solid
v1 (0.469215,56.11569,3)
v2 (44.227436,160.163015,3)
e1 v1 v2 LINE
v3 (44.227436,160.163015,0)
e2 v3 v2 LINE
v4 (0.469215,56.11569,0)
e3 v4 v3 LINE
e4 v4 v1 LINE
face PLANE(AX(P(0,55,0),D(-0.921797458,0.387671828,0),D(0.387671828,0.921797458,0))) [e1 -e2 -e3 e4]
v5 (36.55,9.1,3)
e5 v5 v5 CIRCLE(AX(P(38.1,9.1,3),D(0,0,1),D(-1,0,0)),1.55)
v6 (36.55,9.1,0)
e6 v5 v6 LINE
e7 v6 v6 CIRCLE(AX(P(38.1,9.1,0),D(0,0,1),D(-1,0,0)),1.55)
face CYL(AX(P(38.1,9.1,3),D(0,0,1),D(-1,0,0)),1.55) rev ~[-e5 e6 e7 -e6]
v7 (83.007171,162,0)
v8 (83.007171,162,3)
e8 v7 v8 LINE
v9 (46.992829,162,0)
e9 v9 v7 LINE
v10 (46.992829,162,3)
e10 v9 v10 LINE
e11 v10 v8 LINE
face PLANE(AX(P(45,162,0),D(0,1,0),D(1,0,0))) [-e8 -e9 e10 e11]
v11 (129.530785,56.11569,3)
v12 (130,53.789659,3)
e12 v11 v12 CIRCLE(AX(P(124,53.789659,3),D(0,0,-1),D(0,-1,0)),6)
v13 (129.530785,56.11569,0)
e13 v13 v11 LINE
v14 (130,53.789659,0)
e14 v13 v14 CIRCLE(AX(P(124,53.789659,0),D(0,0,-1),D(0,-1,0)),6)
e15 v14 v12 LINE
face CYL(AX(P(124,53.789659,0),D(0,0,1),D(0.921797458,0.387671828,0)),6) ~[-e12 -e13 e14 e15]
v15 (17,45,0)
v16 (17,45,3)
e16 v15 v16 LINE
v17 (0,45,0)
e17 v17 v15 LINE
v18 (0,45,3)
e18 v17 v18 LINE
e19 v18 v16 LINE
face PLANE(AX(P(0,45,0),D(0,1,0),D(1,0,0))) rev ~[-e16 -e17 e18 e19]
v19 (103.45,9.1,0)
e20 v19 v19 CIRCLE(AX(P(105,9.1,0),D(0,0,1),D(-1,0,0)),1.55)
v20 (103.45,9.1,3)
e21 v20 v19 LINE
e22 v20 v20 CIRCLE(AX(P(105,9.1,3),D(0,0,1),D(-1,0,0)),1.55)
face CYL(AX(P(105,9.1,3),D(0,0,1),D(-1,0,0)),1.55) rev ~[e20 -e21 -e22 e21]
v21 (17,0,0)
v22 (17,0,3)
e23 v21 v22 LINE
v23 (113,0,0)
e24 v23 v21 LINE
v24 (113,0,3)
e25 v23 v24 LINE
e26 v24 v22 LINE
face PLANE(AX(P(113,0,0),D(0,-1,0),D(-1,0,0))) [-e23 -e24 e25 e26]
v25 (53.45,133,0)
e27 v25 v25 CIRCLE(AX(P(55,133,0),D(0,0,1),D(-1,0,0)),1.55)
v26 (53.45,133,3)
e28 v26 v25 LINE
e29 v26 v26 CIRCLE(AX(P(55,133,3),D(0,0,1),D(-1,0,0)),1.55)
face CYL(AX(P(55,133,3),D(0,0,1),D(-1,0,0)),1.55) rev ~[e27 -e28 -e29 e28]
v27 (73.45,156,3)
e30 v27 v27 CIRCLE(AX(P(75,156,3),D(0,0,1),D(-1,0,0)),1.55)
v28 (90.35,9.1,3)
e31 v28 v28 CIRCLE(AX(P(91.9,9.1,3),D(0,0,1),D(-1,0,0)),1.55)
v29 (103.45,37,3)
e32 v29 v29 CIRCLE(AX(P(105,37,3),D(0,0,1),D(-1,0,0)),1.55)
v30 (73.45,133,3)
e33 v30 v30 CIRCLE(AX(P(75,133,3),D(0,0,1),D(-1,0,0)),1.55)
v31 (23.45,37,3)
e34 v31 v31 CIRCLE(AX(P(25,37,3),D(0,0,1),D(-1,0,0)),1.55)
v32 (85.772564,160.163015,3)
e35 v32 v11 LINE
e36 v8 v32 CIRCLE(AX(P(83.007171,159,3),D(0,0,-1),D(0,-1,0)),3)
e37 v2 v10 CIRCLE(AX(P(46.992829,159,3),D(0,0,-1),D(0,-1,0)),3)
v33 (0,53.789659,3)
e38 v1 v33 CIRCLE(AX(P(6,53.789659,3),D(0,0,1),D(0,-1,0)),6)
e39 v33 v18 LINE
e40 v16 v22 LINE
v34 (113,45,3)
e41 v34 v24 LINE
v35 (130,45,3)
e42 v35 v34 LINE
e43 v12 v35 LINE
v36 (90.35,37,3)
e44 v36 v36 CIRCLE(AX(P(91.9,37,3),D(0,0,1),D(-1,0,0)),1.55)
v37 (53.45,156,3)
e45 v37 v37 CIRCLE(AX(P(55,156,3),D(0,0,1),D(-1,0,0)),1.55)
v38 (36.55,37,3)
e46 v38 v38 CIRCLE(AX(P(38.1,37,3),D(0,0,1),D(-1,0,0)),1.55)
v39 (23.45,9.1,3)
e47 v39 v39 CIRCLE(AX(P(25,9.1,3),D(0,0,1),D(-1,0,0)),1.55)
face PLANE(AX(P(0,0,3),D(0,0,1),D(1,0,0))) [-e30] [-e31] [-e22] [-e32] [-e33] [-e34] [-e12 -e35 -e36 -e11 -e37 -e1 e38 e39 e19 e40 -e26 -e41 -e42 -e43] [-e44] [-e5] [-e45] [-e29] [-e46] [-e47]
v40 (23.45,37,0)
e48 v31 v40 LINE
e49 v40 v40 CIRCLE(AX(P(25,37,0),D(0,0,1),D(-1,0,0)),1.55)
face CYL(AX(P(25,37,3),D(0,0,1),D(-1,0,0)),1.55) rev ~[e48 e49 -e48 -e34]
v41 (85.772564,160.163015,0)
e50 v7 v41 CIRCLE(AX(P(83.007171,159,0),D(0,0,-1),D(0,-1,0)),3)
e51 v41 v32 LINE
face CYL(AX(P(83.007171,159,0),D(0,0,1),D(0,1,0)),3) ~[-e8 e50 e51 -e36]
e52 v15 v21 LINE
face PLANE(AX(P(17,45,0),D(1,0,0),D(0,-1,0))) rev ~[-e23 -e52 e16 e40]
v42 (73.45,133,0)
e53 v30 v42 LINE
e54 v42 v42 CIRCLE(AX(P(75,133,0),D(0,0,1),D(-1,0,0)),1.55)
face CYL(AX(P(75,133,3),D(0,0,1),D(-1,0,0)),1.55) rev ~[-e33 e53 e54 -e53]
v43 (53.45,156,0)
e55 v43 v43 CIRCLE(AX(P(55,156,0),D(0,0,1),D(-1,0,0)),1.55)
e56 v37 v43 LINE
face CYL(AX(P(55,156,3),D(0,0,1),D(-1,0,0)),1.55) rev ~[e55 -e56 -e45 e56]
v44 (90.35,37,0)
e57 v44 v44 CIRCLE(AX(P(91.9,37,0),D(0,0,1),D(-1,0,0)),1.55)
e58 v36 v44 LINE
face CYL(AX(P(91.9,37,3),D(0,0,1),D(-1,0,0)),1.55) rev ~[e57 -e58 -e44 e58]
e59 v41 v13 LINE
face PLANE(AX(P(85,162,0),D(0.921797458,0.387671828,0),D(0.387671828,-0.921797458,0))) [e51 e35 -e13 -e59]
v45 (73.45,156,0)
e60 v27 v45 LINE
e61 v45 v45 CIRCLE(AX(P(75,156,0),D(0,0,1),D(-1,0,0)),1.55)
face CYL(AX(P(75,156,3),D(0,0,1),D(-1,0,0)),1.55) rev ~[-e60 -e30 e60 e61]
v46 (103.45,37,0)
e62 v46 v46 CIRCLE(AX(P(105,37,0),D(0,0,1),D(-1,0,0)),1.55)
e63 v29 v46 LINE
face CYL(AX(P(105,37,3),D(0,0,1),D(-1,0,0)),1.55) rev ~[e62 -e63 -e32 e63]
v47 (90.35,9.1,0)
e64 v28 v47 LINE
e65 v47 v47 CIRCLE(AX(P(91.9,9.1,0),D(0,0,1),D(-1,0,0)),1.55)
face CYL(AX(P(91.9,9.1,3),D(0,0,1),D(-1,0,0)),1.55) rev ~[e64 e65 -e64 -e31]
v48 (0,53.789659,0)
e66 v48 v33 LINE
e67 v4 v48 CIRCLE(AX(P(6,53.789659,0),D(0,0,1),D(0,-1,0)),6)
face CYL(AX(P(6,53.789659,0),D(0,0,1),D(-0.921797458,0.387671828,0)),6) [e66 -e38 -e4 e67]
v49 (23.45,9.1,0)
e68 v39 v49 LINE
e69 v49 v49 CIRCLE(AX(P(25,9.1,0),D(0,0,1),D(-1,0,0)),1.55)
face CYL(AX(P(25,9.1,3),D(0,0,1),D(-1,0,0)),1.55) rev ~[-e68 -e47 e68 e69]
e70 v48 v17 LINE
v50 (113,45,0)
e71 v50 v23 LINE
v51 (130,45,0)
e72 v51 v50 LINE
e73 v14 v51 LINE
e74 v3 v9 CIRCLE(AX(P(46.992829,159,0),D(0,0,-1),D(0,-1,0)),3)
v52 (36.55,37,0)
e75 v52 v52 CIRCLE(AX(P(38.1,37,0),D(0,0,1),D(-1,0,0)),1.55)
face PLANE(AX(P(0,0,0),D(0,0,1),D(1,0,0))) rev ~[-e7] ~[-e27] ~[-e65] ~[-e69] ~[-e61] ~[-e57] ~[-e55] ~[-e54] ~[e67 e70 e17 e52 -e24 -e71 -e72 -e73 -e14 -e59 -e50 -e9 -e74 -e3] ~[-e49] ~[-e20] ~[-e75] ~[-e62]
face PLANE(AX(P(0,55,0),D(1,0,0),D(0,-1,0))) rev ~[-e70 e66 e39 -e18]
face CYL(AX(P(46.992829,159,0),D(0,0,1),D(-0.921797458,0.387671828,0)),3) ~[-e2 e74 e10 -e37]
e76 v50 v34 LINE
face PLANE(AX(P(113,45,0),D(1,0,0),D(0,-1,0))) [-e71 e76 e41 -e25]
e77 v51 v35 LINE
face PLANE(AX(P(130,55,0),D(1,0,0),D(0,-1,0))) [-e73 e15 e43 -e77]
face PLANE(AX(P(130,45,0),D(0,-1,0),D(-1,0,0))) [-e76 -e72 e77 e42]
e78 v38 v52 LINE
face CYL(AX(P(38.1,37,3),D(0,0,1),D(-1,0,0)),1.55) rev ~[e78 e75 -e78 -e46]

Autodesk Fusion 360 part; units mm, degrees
sketch "Main" plane through (0, 0, 0) normal (0, 0, 1) x (1, 0, 0)
  line L0 (0, 55) -> (45, 162)
  line L1 (45, 162) -> (85, 162)
  line L2 (85, 162) -> (130, 55)
  line L3 (113, 0) -> (17, 0)
  line L4 (65, 0) -> (65, 162) construction
  line L5 (0, 55) -> (0, 45)
  line L6 (0, 45) -> (17, 45)
  line L7 (17, 45) -> (17, 0)
  line L8 (130, 55) -> (130, 45)
  line L9 (130, 45) -> (113, 45)
  line L10 (113, 45) -> (113, 0)
  dimension "d2" = 162
  dimension "d6" = 55
  dimension "d9" = 40
  dimension "d45" = 130
  dimension "d47" = 17
  dimension "d48" = 17
  dimension "d49" = 10
  dimension "d50" = 10
extrude "Extrude1" add sketch "Main" along normal blind 3
sketch "Head Tube Holes" plane through (0, 0, 3) normal (0, 0, 1) x (-1, 0, 0)
  line L0 (-17, 0) -> (-113, 0)
  line L1 (-130, -55) -> (-85, -162)
  line L2 (-85, -162) -> (-45, -162)
  line L3 (-45, -162) -> (0, -55)
  circle A0 centre (-55, -156) radius 1.55
  line L4 (-65, -162) -> (-65, 0) construction
  circle A1 centre (-75, -156) radius 1.55
  circle A2 centre (-55, -133) radius 1.55
  circle A3 centre (-75, -133) radius 1.55
  line L5 (0, -55) -> (0, -45)
  line L6 (0, -45) -> (-17, -45)
  line L7 (-17, -45) -> (-17, 0)
  line L8 (-113, 0) -> (-113, -45)
  line L9 (-113, -45) -> (-130, -45)
  line L10 (-130, -45) -> (-130, -55)
  dimension "d19" = 3.1
  dimension "d20" = 6
  dimension "d21" = 10
  dimension "d24" = -20
  dimension "d25" = 23
extrude "Extrude2" cut sketch "Head Tube Holes" against normal up to surface (3 mm away) contours A0 | A1 | A2 | A3
sketch "Motor Box Holes" plane through (0, 0, 3) normal (0, 0, 1) x (-1, 0, 0)
  circle A0 centre (-75, -156) radius 1.55
  circle A1 centre (-55, -156) radius 1.55
  circle A2 centre (-75, -133) radius 1.55
  circle A3 centre (-55, -133) radius 1.55
  line L0 (-17, 0) -> (-113, 0)
  line L1 (-17, -37) -> (-113, -37) construction
  circle A4 centre (-25, -37) radius 1.55
  circle A5 centre (-38.1, -37) radius 1.55
  circle A6 centre (-25, -9.1) radius 1.55
  circle A7 centre (-38.1, -9.1) radius 1.55
  circle A8 centre (-105, -37) radius 1.55
  circle A9 centre (-91.9, -37) radius 1.55
  circle A10 centre (-105, -9.1) radius 1.55
  circle A11 centre (-91.9, -9.1) radius 1.55
  line L2 (-17, -45) -> (-17, 0)
  line L3 (-113, 0) -> (-113, -45)
  dimension "d30" = 3.1
  dimension "d32" = 37
  dimension "d35" = -13.1
  dimension "d36" = 27.9
  dimension "d37" = 3.1
  dimension "d40" = 13.1
  dimension "d41" = 27.9
  dimension "d53" = 8
  dimension "d54" = 8
extrude "Extrude3" cut sketch "Motor Box Holes" against normal through all contours A4 | A5 | A6 | A7 | A8 | A9 | A10 | A11
fillet "Fillet5" radius 3 2 edges at (45, 162, 1.5) (85, 162, 1.5)
fillet "Fillet6" radius 6 2 edges at (0, 55, 1.5) (130, 55, 1.5)
